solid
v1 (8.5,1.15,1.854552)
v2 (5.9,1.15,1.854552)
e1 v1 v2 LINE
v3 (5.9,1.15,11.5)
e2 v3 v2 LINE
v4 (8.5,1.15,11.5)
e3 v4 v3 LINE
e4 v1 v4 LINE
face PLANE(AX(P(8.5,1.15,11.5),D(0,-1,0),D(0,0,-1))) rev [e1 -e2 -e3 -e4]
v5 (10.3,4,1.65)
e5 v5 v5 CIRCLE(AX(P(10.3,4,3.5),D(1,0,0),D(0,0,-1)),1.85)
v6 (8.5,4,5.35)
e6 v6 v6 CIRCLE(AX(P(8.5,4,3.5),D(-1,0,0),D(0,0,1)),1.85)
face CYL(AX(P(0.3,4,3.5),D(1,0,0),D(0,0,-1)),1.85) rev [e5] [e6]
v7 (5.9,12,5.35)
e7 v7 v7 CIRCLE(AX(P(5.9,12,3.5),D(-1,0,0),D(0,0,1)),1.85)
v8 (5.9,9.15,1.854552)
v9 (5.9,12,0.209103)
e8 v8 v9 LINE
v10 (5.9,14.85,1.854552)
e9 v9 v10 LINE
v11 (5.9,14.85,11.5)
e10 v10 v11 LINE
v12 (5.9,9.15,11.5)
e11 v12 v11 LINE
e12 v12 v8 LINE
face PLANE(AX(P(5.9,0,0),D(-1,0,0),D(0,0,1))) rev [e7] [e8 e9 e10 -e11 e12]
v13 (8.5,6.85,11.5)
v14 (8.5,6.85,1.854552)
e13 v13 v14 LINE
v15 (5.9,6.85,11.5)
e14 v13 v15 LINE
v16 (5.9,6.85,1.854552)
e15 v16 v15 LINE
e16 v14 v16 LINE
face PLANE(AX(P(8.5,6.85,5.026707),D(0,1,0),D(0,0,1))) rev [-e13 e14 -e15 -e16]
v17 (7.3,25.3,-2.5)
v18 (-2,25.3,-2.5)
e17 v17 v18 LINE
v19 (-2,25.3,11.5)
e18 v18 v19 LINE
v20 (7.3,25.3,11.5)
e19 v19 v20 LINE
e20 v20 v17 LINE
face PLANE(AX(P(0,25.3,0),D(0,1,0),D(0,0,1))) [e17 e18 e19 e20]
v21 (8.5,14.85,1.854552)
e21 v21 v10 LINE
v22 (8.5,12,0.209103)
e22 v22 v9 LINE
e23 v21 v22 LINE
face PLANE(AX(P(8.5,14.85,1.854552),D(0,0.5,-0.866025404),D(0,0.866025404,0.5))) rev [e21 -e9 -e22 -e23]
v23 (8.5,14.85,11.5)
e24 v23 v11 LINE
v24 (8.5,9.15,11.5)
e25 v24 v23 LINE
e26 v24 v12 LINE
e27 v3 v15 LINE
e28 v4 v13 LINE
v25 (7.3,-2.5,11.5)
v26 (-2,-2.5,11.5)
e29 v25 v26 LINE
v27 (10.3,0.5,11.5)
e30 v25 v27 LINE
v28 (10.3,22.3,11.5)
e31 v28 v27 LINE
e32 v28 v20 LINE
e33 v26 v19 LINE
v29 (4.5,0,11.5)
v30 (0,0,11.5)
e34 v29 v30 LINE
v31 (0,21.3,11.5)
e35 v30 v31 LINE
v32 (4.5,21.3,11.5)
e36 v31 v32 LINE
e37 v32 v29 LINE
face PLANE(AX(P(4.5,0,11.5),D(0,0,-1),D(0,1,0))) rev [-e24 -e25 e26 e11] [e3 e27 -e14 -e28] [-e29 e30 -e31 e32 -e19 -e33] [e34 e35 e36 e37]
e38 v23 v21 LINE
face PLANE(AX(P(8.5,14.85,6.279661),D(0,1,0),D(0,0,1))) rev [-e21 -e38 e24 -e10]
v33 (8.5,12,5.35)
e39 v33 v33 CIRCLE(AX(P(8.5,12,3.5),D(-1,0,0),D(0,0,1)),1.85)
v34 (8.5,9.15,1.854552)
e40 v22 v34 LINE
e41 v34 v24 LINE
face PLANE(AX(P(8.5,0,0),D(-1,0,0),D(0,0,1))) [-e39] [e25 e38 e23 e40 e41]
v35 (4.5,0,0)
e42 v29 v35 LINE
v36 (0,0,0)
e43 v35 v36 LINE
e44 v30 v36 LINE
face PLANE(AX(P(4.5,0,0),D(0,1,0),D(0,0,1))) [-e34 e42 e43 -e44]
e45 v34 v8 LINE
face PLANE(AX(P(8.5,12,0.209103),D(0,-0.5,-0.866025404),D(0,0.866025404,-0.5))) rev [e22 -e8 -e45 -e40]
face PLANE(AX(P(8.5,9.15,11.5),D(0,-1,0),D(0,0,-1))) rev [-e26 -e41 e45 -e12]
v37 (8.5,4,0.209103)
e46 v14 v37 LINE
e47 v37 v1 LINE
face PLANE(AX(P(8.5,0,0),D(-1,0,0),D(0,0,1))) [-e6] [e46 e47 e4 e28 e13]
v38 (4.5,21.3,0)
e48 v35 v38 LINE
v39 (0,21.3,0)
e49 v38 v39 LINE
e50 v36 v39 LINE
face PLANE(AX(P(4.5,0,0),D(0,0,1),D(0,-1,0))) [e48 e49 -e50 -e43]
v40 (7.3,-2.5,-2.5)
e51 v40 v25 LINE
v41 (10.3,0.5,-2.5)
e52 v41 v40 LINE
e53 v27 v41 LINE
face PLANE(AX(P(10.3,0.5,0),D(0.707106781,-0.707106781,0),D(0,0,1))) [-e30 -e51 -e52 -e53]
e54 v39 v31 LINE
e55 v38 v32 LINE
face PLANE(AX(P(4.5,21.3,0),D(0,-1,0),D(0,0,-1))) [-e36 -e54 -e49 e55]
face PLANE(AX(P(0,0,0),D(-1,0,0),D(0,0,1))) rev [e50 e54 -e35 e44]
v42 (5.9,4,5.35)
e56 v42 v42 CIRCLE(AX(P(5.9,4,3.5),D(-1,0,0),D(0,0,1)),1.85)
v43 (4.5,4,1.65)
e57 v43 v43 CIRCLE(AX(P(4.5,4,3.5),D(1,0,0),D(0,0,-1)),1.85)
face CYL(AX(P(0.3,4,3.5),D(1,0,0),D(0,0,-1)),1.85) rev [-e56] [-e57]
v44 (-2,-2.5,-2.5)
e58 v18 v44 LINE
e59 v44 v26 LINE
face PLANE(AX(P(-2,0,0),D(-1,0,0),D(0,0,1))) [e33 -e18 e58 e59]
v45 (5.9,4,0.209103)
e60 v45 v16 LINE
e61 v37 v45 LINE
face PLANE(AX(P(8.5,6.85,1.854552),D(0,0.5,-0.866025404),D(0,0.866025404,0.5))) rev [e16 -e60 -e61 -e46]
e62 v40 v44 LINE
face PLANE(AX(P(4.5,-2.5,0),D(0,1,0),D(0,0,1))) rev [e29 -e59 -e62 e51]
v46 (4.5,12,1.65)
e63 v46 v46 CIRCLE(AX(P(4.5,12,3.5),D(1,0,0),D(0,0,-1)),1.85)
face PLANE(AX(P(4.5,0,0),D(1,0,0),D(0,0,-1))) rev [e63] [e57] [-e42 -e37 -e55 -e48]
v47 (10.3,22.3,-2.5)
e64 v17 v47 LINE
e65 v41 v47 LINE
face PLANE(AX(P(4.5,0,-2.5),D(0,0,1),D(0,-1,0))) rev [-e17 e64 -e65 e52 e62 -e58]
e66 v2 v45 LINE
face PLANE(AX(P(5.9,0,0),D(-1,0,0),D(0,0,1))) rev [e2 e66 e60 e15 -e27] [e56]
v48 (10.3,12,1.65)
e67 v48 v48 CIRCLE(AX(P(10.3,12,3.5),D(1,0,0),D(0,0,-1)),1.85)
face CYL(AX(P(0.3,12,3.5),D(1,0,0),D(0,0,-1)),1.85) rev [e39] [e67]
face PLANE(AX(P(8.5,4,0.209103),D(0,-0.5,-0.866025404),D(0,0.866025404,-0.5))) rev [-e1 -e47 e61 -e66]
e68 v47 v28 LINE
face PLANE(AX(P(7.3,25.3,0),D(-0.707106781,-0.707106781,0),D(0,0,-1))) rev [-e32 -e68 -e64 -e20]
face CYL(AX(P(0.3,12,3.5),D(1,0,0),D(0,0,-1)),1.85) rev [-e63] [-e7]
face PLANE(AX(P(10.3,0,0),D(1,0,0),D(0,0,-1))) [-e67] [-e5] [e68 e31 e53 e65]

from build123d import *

# Parameters (mm, degrees)
SKETCH1_W           = 26.3
SKETCH1_H           = 14
SKETCH1_W_2         = 21.3
SKETCH1_H_2         = 9
EXTRUDE_THIN1_DEPTH = 4.5
SKETCH2_W           = 26.3
SKETCH2_H           = 14
BOSS_EXTRUDE1_DEPTH = 5.8
SKETCH3_W           = 26.3
SKETCH3_H           = 14
BOSS_EXTRUDE2_DEPTH = 2
SKETCH4_W           = 4.5
SKETCH4_H           = 21.3
CUT_EXTRUDE1_DEPTH  = 18
CUT_EXTRUDE4_DEPTH  = 4
SKETCH8_W           = 21.3
SKETCH8_H           = 11.5
BOSS_EXTRUDE3_DEPTH = 1.4
SKETCH5_R           = 1.85
CUT_EXTRUDE2_DEPTH  = 10
SKETCH9_W           = 12.3
SKETCH9_H           = 14
BOSS_EXTRUDE4_DEPTH = 1.5
CHAMFER1_SIZE       = 3


with BuildPart() as part:
    # Sketch1 → Extrude-Thin1 (new body)
    with BuildSketch(Plane.YZ):
        with Locations((10.65, 4.5)):
            Rectangle(SKETCH1_W, SKETCH1_H)
        with Locations((10.65, 4.5)):
            Rectangle(SKETCH1_W_2, SKETCH1_H_2, mode=Mode.SUBTRACT)
    extrude(amount=EXTRUDE_THIN1_DEPTH)

    # Sketch2 → Boss-Extrude1 (add)
    with BuildSketch(Plane.YZ.offset(4.5)):
        with Locations((10.65, 4.5)):
            Rectangle(SKETCH2_W, SKETCH2_H)
    extrude(amount=BOSS_EXTRUDE1_DEPTH)

    # Sketch3 → Boss-Extrude2 (add)
    with BuildSketch(Plane(origin=(0, 0, 0), x_dir=(0, -1, 0), z_dir=(-1, 0, 0))):
        with Locations((-10.65, 4.5)):
            Rectangle(SKETCH3_W, SKETCH3_H)
    extrude(amount=BOSS_EXTRUDE2_DEPTH)

    # Sketch4 → Cut-Extrude1 (cut)
    with BuildSketch(Plane(origin=(0, 0, 9), x_dir=(1, 0, 0), z_dir=(0, 0, -1))):
        with Locations((2.25, -10.65)):
            Rectangle(SKETCH4_W, SKETCH4_H)
    extrude(amount=-CUT_EXTRUDE1_DEPTH, mode=Mode.SUBTRACT)

    # Sketch7 → Cut-Extrude4 (cut)
    with BuildSketch(Plane(origin=(4.5, 0, 0), x_dir=(0, -1, 0), z_dir=(-1, 0, 0))):
        Polygon((-14.85, 6.279660954), (-14.85, 11.5), (-9.15, 11.5), (-9.15, 6.691276574), (-9.15, 1.854551733), (-12, 0.209103466), (-14.85, 1.854551733), align=None)
        Polygon((-6.85, 1.854551733), (-4, 0.209103466), (-1.15, 1.854551733), (-1.15, 5.098904977), (-1.15, 11.5), (-6.85, 11.5), (-6.85, 5.026706695), align=None)
    extrude(amount=-CUT_EXTRUDE4_DEPTH, mode=Mode.SUBTRACT)

    # Sketch8 → Boss-Extrude3 (add)
    with BuildSketch(Plane(origin=(4.5, 0, 0), x_dir=(0, -1, 0), z_dir=(-1, 0, 0))):
        with Locations((-10.65, 5.75)):
            Rectangle(SKETCH8_W, SKETCH8_H)
    extrude(amount=-BOSS_EXTRUDE3_DEPTH)

    # Sketch5 → Cut-Extrude2 (cut)
    with BuildSketch(Plane.YZ.offset(10.3)):
        with Locations(Location((4, 3.5, 0), (0, 0, 270))):
            Circle(SKETCH5_R)
        with Locations(Location((12, 3.5, 0), (0, 0, 270))):
            Circle(SKETCH5_R)
    extrude(amount=-CUT_EXTRUDE2_DEPTH, mode=Mode.SUBTRACT)

    # Sketch9 → Boss-Extrude4 (add)
    with BuildSketch(Plane(origin=(0, 23.8, 0), x_dir=(-1, 0, 0), z_dir=(0, 1, 0))):
        with Locations((-4.15, 4.5)):
            Rectangle(SKETCH9_W, SKETCH9_H)
    extrude(amount=BOSS_EXTRUDE4_DEPTH)

    # Chamfer1
    chamfer1_edges = [part.edges().sort_by_distance(p)[0] for p in [
        (10.3, 25.3, 4.5),
        (10.3, -2.5, 4.5),
    ]]
    chamfer(chamfer1_edges, length=CHAMFER1_SIZE)


solid = part.part
